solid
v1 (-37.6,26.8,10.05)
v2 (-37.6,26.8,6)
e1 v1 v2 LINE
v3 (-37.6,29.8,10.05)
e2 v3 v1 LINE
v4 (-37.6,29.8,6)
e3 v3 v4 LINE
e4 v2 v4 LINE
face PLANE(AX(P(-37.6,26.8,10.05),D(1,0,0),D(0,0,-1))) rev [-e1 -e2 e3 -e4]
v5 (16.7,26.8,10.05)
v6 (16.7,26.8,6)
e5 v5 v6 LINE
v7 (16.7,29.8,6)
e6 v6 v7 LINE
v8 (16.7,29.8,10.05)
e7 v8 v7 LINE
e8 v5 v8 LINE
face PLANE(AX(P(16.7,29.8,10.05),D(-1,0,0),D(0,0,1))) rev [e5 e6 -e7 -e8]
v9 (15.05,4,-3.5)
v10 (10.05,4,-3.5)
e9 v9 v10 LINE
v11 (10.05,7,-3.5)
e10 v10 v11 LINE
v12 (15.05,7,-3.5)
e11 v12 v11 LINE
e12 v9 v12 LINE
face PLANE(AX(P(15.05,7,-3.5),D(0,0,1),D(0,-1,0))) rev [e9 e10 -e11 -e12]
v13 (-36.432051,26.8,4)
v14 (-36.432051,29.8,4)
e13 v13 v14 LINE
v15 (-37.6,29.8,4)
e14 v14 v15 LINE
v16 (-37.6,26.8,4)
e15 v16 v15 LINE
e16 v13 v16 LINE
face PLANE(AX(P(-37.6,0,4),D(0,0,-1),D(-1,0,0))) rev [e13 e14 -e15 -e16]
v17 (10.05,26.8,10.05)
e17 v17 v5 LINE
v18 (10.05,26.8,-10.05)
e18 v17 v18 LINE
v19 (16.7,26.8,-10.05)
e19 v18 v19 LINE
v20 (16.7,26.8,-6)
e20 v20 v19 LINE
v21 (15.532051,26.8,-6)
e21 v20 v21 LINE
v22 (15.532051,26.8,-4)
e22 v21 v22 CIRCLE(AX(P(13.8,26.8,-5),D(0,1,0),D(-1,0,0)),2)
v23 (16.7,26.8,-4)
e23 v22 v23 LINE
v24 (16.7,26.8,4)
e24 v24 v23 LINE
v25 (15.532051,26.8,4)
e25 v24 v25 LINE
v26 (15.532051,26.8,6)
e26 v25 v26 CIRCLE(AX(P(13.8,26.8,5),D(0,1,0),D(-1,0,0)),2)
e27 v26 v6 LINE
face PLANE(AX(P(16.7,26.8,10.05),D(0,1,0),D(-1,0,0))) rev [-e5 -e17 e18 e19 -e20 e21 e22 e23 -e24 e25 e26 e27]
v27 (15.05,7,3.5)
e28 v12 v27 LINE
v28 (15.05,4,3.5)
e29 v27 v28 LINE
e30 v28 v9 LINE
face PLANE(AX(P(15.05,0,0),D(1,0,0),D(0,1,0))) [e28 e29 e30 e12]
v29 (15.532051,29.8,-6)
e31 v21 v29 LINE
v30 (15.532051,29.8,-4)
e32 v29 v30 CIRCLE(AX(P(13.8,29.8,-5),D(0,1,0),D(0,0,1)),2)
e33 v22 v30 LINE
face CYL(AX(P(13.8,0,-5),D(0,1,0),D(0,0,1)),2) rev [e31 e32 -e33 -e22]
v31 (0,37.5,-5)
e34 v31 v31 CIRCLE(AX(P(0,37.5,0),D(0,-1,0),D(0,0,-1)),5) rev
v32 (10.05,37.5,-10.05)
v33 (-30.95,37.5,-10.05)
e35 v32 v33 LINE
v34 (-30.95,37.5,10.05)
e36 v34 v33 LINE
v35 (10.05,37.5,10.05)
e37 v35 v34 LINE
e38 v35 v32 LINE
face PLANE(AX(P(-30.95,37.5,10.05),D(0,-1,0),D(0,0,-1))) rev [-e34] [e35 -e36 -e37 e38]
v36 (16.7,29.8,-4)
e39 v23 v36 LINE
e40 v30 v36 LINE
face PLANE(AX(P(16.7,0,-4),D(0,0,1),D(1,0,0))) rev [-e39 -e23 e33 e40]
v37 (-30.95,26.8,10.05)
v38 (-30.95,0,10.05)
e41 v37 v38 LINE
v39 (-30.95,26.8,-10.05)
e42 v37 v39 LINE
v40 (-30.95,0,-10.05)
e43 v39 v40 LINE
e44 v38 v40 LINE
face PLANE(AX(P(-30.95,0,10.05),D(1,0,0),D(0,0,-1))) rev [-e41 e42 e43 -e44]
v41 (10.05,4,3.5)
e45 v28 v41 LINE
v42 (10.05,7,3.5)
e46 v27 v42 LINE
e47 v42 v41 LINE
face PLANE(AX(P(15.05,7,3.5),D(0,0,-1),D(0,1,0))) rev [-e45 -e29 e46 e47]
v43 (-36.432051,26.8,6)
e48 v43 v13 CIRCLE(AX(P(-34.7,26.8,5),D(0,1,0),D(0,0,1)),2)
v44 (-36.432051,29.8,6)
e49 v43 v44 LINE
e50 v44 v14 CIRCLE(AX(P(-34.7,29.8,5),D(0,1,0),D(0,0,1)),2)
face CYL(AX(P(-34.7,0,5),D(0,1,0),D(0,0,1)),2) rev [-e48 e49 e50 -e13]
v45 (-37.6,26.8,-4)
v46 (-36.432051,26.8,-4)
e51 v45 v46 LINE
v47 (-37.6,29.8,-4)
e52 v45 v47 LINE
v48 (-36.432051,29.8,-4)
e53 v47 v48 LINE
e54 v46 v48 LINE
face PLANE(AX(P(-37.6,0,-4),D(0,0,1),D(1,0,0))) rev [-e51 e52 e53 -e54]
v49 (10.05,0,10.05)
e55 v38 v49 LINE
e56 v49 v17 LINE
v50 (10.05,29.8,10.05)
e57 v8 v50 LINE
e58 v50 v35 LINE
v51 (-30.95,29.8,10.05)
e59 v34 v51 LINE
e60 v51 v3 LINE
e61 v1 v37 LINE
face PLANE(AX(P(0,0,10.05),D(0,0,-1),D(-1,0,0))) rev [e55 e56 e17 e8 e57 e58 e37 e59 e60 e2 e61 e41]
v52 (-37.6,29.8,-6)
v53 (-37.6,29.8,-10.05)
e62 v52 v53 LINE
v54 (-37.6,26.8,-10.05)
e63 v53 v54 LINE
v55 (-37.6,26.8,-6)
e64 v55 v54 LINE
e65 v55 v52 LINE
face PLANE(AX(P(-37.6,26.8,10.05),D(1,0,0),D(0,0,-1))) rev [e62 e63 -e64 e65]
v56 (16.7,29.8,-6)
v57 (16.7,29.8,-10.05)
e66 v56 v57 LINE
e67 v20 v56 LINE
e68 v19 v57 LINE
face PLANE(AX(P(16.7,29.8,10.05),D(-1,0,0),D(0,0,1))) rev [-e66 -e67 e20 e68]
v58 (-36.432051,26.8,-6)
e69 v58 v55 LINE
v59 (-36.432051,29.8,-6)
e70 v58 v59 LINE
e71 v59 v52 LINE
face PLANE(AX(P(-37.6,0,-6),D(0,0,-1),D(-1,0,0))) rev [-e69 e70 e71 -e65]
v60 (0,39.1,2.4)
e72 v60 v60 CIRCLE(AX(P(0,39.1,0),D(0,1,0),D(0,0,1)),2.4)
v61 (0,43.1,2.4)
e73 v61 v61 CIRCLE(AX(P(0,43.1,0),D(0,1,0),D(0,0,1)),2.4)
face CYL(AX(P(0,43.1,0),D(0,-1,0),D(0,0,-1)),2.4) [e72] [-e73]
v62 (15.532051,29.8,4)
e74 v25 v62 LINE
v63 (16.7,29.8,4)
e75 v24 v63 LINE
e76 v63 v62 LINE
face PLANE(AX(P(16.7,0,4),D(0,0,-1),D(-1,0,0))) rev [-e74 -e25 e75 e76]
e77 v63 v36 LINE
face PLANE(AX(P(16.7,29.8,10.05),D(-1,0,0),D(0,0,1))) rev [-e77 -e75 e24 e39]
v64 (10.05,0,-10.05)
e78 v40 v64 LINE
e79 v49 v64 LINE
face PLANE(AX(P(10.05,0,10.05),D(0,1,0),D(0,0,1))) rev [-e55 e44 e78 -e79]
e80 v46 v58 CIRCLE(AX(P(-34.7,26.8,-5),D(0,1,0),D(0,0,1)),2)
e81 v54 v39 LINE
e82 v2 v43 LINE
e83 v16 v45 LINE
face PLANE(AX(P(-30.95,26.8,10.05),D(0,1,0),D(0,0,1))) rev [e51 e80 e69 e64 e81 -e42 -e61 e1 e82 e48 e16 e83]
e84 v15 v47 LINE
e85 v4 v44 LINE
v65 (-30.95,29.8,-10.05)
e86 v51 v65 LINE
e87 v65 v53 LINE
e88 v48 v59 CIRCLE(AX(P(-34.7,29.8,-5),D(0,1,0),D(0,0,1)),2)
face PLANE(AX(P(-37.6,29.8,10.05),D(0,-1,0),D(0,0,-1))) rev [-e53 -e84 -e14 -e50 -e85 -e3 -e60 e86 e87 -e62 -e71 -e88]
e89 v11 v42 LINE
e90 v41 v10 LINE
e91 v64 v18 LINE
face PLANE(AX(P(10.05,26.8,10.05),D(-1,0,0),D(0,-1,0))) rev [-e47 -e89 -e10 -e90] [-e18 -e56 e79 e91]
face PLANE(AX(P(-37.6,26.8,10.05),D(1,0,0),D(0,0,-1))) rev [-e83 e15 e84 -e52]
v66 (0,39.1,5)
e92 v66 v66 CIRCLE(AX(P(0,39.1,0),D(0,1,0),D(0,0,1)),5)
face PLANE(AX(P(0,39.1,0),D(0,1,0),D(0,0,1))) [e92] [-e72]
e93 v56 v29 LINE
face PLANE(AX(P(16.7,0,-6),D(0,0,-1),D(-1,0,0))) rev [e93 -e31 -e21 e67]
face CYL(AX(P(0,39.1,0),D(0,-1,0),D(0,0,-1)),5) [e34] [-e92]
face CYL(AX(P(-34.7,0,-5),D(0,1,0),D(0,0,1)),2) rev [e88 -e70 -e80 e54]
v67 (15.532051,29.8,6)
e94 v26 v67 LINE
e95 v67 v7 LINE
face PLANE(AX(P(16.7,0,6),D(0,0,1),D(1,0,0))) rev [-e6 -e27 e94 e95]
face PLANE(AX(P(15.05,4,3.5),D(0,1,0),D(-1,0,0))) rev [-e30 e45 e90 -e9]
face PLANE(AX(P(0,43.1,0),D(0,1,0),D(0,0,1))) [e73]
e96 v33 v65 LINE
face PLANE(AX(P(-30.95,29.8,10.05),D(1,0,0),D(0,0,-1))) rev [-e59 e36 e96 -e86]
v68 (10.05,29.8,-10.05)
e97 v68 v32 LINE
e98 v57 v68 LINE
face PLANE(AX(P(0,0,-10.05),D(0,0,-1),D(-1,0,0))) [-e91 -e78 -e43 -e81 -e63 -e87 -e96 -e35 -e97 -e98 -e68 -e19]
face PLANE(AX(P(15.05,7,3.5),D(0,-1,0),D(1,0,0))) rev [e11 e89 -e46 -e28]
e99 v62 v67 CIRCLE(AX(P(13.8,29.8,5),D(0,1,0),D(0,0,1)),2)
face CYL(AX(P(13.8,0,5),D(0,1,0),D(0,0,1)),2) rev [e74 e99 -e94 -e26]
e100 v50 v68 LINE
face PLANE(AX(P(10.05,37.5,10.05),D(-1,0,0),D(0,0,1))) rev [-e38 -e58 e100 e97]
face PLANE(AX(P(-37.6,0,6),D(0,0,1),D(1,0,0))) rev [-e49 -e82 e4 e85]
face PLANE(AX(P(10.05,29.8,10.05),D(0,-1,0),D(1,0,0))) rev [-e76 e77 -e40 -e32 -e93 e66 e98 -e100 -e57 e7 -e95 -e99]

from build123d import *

# Parameters (mm, degrees)
BOSS_EXTRUDE1_START = -10.05
BOSS_EXTRUDE1_DEPTH = 20.1
CUT_EXTRUDE1_DEPTH  = 30.8
SKETCH5_R           = 5
BOSS_EXTRUDE2_DEPTH = 1.6
SKETCH6_R           = 2.4
BOSS_EXTRUDE3_DEPTH = 4
SKETCH8_W           = 7
SKETCH8_H           = 3
BOSS_EXTRUDE4_DEPTH = 5


with BuildPart() as part:
    # Sketch3 → Boss-Extrude1 (new body)
    with BuildSketch(Plane.XY.offset(BOSS_EXTRUDE1_START)):
        Polygon((-30.95, 0), (-30.95, 26.8), (-37.6, 26.8), (-37.6, 29.8), (-30.95, 29.8), (-30.95, 37.5), (10.05, 37.5), (10.05, 29.8), (16.7, 29.8), (16.7, 26.8), (10.05, 26.8), (10.05, 0), align=None)
    extrude(amount=BOSS_EXTRUDE1_DEPTH)

    # Sketch4 → Cut-Extrude1 (cut, through all)
    with BuildSketch(Plane(origin=(0, 29.8, 0), x_dir=(1, 0, 0), z_dir=(0, 1, 0))):
        with BuildLine():
            Line((-37.6, 6), (-37.6, 4))
            Line((-37.6, 4), (-36.432050808, 4))
            ThreePointArc((-36.432050808, 4), (-32.7, 5), (-36.432050808, 6))
            Line((-36.432050808, 6), (-37.6, 6))
        make_face()
        with BuildLine():
            Line((16.7, -6), (15.532050808, -6))
            ThreePointArc((15.532050808, -6), (11.8, -5), (15.532050808, -4))
            Line((15.532050808, -4), (16.7, -4))
            Line((16.7, -4), (16.7, -6))
        make_face()
        with BuildLine():
            Line((-37.6, -4), (-37.6, -6))
            Line((-37.6, -6), (-36.432050808, -6))
            ThreePointArc((-36.432050808, -6), (-32.7, -5), (-36.432050808, -4))
            Line((-36.432050808, -4), (-37.6, -4))
        make_face()
        with BuildLine():
            Line((16.7, 4), (15.532050808, 4))
            ThreePointArc((15.532050808, 4), (11.8, 5), (15.532050808, 6))
            Line((15.532050808, 6), (16.7, 6))
            Line((16.7, 6), (16.7, 4))
        make_face()
    extrude(amount=-CUT_EXTRUDE1_DEPTH, mode=Mode.SUBTRACT)

    # Sketch5 → Boss-Extrude2 (add)
    with BuildSketch(Plane(origin=(0, 37.5, 0), x_dir=(1, 0, 0), z_dir=(0, 1, 0))):
        Circle(SKETCH5_R)
    extrude(amount=BOSS_EXTRUDE2_DEPTH)

    # Sketch6 → Boss-Extrude3 (add)
    with BuildSketch(Plane(origin=(0, 39.1, 0), x_dir=(1, 0, 0), z_dir=(0, 1, 0))):
        Circle(SKETCH6_R)
    extrude(amount=BOSS_EXTRUDE3_DEPTH)

    # Sketch8 → Boss-Extrude4 (add)
    with BuildSketch(Plane(origin=(10.05, 0, 0), x_dir=(0, 0, -1), z_dir=(1, 0, 0))):
        with Locations((0, 5.5)):
            Rectangle(SKETCH8_W, SKETCH8_H)
    extrude(amount=BOSS_EXTRUDE4_DEPTH)


solid = part.part
